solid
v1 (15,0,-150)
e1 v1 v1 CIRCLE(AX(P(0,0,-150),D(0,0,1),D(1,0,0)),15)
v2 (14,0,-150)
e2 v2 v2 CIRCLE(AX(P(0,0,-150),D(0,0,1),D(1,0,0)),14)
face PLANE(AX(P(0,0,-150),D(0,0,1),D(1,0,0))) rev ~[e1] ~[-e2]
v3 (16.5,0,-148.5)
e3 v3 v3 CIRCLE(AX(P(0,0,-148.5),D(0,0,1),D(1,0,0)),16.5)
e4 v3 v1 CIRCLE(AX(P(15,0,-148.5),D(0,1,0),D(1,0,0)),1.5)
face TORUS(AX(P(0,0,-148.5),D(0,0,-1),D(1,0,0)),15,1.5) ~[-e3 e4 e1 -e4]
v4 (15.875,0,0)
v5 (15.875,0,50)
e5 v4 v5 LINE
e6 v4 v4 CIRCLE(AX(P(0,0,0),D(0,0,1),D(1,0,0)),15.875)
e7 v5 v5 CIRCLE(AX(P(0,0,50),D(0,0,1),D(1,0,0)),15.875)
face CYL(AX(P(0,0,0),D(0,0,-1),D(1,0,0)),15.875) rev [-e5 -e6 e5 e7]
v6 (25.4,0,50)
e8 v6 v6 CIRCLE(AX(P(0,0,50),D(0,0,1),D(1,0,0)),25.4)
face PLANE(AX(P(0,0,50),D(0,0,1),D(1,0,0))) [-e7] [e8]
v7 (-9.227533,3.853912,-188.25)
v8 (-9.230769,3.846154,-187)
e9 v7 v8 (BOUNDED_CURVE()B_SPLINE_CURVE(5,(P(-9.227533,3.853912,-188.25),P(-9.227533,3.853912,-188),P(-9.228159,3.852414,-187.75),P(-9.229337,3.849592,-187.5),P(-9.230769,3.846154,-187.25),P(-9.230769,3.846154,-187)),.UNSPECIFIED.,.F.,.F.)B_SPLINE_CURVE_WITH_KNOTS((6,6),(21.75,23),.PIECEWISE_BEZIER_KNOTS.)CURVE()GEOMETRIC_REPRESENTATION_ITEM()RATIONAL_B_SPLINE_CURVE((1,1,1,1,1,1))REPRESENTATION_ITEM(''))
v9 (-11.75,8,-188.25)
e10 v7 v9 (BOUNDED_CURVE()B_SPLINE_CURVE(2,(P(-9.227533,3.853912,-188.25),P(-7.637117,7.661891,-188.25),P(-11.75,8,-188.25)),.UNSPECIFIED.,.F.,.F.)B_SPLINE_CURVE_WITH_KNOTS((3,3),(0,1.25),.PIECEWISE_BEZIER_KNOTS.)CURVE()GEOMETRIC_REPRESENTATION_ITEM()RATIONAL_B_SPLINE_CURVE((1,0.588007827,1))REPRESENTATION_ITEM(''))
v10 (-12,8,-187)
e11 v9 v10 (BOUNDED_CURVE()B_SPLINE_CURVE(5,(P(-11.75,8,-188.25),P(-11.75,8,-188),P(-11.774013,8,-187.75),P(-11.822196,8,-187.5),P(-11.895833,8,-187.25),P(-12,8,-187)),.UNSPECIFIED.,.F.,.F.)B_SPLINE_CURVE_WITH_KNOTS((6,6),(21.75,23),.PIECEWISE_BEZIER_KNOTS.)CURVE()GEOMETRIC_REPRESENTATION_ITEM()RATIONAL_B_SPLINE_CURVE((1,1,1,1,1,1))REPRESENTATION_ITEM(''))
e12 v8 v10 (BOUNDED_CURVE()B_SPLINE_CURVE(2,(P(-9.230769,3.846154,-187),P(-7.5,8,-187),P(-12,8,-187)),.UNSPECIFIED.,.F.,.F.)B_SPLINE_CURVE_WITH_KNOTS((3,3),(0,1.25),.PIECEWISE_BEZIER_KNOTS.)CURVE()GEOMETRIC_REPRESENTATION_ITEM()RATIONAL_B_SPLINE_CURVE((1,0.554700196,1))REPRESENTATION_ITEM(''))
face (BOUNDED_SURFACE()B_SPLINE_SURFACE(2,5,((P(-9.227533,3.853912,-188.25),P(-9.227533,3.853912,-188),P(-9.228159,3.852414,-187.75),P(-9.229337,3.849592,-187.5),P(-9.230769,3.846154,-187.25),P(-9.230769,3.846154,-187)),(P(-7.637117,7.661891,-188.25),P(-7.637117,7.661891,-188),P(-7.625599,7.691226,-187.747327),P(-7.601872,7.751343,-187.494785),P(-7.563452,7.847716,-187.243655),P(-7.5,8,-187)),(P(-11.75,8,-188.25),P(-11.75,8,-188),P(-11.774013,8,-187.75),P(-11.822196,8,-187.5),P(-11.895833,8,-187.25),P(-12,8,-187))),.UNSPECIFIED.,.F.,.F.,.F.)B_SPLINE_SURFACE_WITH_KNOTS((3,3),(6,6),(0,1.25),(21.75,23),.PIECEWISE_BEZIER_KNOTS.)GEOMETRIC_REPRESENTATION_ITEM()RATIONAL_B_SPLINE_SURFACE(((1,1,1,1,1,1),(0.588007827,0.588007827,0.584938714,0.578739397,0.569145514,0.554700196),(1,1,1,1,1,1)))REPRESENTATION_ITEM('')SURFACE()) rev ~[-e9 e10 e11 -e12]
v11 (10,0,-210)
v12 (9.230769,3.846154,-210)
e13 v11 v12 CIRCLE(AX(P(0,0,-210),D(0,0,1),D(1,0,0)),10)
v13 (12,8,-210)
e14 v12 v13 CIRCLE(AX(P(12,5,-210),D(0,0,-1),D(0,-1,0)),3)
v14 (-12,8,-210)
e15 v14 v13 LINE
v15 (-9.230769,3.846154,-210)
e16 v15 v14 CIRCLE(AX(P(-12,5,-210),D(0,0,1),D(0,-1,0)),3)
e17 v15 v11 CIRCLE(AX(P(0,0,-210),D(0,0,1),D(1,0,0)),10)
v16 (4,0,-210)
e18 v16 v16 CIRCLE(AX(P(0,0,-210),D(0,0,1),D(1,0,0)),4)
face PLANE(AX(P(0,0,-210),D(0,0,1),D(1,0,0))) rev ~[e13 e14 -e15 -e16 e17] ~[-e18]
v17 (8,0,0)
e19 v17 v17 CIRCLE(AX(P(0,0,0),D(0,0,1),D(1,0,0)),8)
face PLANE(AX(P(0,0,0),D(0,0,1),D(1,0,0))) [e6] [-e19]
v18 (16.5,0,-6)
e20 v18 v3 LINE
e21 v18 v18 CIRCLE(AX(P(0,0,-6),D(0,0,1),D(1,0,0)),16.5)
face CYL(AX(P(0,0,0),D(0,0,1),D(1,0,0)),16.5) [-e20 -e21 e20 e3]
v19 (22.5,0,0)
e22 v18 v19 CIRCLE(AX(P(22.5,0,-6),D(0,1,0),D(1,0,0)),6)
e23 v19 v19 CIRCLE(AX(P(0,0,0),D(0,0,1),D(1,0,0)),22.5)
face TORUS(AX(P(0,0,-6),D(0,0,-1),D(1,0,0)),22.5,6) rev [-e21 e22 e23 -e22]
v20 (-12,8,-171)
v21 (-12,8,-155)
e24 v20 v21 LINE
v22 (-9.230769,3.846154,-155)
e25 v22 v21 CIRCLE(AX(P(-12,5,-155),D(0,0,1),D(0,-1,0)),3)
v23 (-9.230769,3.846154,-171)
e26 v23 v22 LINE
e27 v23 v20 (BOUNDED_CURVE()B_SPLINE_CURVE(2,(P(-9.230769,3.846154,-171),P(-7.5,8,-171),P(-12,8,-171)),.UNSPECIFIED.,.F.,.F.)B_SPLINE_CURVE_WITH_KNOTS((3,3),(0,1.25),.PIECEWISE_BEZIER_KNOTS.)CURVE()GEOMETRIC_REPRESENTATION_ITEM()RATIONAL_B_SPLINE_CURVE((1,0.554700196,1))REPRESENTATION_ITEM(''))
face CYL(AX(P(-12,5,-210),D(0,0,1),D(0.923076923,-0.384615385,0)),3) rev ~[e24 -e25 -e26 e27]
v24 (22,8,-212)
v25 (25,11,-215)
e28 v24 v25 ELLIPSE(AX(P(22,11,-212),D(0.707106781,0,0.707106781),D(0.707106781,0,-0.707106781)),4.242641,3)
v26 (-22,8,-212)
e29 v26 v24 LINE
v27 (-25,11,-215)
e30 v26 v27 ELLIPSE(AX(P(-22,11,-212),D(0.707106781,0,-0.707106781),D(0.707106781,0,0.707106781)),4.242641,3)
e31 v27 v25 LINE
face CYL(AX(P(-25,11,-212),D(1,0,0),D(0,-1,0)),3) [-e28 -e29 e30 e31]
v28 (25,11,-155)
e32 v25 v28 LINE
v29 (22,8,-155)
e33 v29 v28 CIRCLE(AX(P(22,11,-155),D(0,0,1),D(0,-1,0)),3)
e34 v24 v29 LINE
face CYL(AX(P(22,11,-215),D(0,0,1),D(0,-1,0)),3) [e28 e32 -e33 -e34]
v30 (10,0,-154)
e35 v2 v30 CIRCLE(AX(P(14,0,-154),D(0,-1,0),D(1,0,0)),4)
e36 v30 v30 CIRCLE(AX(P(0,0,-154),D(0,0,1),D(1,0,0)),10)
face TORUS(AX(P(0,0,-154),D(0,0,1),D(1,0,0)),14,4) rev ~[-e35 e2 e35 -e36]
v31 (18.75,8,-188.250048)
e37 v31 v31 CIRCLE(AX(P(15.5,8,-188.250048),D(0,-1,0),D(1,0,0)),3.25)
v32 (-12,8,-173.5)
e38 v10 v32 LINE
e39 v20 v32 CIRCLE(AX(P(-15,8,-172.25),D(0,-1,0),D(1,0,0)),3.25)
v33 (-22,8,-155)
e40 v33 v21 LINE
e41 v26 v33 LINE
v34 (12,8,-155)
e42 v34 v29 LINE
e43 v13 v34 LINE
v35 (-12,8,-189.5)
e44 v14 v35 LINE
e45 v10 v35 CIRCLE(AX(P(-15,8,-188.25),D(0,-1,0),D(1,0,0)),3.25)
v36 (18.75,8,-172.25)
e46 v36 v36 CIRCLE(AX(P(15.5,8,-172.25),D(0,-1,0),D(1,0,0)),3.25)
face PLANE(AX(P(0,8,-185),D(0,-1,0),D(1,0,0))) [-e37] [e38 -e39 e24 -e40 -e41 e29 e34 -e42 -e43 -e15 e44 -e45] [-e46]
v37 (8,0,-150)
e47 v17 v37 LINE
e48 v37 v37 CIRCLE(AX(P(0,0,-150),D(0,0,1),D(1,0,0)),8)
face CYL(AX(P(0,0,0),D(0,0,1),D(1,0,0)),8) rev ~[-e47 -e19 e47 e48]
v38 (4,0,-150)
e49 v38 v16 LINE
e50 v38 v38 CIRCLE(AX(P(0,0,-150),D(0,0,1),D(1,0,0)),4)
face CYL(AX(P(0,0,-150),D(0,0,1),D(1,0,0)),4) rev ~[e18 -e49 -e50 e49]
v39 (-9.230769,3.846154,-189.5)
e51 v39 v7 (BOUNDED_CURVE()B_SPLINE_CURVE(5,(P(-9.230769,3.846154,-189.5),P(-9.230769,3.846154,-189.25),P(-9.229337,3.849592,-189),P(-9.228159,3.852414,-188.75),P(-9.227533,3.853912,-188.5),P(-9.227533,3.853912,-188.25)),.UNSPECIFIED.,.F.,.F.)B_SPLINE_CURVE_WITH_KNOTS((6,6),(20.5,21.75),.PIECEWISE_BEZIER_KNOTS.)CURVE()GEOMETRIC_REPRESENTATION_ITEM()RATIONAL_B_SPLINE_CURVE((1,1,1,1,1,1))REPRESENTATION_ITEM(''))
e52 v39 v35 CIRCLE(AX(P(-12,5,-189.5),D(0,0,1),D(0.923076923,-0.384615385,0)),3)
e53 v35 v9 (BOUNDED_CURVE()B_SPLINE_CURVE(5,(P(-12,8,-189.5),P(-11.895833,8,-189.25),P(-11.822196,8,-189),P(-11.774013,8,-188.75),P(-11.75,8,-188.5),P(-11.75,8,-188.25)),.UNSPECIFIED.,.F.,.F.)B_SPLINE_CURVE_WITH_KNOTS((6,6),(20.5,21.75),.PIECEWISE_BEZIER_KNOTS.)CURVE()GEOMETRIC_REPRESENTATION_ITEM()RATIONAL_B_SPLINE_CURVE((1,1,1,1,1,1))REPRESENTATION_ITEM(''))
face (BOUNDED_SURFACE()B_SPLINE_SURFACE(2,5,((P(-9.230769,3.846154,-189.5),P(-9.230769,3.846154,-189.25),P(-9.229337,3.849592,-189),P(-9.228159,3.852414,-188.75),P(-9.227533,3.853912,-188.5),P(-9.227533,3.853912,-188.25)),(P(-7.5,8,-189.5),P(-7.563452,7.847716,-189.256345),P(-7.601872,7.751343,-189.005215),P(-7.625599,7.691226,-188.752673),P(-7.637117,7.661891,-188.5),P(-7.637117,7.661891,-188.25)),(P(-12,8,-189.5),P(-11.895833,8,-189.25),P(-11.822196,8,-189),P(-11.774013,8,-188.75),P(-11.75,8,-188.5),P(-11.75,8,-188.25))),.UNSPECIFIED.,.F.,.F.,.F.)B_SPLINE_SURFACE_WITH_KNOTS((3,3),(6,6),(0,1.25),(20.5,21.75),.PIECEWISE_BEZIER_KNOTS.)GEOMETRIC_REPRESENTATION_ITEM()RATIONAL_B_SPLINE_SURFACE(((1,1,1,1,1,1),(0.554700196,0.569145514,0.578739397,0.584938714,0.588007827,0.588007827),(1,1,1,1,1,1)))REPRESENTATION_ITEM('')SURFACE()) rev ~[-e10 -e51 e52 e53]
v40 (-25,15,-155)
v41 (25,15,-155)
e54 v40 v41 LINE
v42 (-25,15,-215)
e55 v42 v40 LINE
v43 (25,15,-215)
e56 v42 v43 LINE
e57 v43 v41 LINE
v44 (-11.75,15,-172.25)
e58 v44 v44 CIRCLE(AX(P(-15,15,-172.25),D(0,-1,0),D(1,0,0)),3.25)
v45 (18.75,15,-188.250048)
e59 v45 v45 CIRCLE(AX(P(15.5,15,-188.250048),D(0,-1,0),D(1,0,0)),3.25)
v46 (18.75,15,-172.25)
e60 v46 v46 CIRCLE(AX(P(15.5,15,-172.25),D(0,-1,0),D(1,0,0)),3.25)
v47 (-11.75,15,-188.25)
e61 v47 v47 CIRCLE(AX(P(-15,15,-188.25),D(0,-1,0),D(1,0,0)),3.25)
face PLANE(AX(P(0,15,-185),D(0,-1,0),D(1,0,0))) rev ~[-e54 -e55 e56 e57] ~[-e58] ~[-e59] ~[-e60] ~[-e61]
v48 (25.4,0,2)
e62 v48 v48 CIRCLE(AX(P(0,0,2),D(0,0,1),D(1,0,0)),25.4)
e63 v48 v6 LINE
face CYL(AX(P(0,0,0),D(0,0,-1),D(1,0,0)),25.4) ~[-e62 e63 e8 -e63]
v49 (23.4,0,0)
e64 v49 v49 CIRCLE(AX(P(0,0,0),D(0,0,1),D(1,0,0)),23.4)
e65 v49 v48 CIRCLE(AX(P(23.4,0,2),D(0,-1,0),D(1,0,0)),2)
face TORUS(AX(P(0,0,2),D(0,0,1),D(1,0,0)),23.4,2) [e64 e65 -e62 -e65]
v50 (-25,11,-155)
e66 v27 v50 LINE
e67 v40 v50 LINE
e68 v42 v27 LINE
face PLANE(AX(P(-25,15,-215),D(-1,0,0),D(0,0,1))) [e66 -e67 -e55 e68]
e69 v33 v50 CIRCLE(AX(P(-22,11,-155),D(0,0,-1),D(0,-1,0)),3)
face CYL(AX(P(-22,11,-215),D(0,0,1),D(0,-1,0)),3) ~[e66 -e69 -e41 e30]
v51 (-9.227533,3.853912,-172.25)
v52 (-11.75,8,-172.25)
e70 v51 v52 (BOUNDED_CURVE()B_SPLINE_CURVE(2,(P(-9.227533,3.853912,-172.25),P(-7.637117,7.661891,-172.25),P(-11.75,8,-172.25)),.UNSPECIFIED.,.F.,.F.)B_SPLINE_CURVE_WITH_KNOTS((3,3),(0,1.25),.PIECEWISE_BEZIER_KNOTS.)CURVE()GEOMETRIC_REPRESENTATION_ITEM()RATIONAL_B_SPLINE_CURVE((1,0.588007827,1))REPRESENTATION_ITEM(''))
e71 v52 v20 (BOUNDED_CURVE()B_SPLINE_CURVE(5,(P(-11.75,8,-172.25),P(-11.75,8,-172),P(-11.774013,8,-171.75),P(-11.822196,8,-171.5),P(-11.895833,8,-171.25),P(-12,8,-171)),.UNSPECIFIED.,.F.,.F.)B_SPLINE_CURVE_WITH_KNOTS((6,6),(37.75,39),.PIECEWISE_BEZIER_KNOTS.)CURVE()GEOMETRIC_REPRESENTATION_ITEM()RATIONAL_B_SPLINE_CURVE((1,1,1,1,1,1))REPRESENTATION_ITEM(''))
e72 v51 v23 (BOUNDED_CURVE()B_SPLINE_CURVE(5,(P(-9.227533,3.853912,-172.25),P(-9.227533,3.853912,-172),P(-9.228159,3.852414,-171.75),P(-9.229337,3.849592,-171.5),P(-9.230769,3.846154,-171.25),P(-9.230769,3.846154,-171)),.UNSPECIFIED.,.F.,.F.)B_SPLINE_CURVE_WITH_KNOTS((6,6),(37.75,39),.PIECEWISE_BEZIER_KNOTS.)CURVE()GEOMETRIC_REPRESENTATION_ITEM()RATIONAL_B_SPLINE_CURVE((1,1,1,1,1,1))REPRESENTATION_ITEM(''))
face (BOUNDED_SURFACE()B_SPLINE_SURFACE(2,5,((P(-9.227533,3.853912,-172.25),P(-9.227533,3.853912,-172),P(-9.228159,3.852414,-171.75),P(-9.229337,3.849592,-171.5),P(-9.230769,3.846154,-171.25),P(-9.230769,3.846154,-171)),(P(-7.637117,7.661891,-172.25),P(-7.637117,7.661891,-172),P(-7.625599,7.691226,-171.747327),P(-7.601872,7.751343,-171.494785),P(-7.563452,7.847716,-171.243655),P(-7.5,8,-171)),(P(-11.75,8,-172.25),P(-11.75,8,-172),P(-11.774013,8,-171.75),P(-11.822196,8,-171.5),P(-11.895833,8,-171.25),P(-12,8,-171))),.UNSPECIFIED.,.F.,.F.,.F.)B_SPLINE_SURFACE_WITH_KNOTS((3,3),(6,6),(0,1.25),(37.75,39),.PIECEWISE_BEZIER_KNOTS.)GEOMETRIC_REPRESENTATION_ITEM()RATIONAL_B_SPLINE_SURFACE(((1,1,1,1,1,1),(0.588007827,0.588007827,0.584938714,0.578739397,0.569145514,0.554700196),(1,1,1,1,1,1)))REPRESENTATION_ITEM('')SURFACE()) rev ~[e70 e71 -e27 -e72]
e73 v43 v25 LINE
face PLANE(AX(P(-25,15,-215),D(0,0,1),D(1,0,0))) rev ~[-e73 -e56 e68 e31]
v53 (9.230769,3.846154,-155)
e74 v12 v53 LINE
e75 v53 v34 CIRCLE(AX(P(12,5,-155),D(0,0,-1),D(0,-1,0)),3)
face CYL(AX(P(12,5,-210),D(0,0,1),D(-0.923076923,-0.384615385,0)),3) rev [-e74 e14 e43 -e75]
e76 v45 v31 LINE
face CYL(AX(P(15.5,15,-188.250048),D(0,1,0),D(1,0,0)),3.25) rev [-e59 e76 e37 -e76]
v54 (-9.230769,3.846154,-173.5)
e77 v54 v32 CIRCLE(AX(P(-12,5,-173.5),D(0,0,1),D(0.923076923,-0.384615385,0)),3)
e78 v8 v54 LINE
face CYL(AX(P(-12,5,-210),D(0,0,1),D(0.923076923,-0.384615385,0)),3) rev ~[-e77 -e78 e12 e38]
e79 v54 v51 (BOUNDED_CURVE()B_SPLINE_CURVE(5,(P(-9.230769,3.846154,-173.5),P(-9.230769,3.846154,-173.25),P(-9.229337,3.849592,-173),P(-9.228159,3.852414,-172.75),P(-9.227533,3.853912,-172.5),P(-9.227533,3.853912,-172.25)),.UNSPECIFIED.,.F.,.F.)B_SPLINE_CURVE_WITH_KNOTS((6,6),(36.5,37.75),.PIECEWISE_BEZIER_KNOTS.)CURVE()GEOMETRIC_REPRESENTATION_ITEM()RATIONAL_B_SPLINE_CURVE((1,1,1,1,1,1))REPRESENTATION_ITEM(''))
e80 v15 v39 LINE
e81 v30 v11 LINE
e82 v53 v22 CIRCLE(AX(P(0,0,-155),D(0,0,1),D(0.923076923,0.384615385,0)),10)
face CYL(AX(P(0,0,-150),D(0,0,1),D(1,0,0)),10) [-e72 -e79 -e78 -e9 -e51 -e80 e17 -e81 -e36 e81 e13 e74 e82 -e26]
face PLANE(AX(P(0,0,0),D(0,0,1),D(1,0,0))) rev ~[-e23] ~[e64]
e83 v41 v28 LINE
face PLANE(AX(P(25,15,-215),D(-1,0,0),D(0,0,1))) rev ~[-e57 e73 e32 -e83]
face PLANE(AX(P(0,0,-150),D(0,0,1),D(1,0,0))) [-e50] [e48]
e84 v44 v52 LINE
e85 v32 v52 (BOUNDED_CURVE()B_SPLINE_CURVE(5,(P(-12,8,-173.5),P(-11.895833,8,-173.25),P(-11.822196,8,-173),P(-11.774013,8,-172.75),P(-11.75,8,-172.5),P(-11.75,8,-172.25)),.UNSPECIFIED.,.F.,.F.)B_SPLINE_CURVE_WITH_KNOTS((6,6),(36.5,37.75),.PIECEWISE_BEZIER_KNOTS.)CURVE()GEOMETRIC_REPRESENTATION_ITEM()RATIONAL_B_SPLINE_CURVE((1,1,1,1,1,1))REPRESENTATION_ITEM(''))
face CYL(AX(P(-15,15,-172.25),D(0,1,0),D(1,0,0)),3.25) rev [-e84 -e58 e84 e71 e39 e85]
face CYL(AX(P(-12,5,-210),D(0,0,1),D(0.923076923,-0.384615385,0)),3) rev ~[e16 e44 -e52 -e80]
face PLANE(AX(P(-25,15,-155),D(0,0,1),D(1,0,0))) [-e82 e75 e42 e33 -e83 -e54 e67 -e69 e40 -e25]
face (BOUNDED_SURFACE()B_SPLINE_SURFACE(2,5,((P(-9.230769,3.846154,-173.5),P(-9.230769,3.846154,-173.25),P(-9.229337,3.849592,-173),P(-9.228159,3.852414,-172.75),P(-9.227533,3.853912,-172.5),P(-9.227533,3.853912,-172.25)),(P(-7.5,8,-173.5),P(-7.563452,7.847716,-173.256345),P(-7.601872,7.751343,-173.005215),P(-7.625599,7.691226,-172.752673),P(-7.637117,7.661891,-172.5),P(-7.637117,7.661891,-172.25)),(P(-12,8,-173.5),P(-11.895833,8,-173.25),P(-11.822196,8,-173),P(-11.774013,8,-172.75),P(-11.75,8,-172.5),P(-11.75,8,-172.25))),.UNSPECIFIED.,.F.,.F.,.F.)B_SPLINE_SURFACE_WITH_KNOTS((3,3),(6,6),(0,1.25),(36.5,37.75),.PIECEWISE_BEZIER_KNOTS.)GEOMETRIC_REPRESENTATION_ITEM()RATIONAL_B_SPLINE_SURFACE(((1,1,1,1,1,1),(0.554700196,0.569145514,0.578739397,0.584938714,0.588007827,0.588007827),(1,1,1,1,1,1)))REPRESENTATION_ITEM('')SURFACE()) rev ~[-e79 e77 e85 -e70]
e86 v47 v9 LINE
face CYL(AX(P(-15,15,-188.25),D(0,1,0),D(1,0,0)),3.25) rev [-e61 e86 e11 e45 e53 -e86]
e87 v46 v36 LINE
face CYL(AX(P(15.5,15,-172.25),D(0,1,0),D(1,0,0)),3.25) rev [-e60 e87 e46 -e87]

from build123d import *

# Parameters (mm, degrees)
SKETCH001_R      = 16.5
SKETCH001_R_2    = 8
EXTRUDE001_DEPTH = 150
SKETCH002_R      = 10
SKETCH002_R_2    = 4
EXTRUDE002_DEPTH = 60
SKETCH003_W      = 50
SKETCH003_H      = 60
SKETCH003_R      = 3.25
EXTRUDE003_DEPTH = 7
SKETCH_R         = 25.4
SKETCH_R_2       = 15.875
EXTRUDE_DEPTH    = 50
FILLET_1_R       = 6
FILLET_2_R       = 4
FILLET_3_R       = 3
FILLET_4_R       = 2
FILLET_5_R       = 1.5


with BuildPart() as midpipe:
    # Sketch001 → Extrude001 (new body)
    with BuildSketch(Plane.XY):
        Circle(SKETCH001_R)
        Circle(SKETCH001_R_2, mode=Mode.SUBTRACT)
    extrude(amount=-EXTRUDE001_DEPTH)


with BuildPart() as basepipe:
    # Sketch002 → Extrude002 (new body)
    with BuildSketch(Plane.XY.offset(-150)):
        Circle(SKETCH002_R)
        Circle(SKETCH002_R_2, mode=Mode.SUBTRACT)
    extrude(amount=-EXTRUDE002_DEPTH)


with BuildPart() as flatmount:
    # Sketch003 → Extrude003 (new body)
    with BuildSketch(Plane(origin=(0, 15, -185), x_dir=(1, 0, 0), z_dir=(0, -1, 0))):
        Rectangle(SKETCH003_W, SKETCH003_H)
        with Locations((-15, 12.75)):
            Circle(SKETCH003_R, mode=Mode.SUBTRACT)
        with Locations((-15, -3.25)):
            Circle(SKETCH003_R, mode=Mode.SUBTRACT)
        with Locations((15.5, 12.75)):
            Circle(SKETCH003_R, mode=Mode.SUBTRACT)
        with Locations((15.5, -3.250048)):
            Circle(SKETCH003_R, mode=Mode.SUBTRACT)
    extrude(amount=EXTRUDE003_DEPTH)


with BuildPart() as mountfillet:
    # Sketch → Extrude (new body)
    with BuildSketch(Plane.XY):
        Circle(SKETCH_R)
        Circle(SKETCH_R_2, mode=Mode.SUBTRACT)
    extrude(amount=EXTRUDE_DEPTH)

    # Fusion: union midPipe, basePipe, flatMount
    add(midpipe.part)
    add(basepipe.part)
    add(flatmount.part)

    # Fillet 1
    fillet_1_edges = [mountfillet.edges().sort_by_distance(p)[0] for p in [
        (-16.5, 0, 0),
    ]]
    fillet(fillet_1_edges, radius=FILLET_1_R)

    # Fillet 2
    fillet_2_edges = [mountfillet.edges().sort_by_distance(p)[0] for p in [
        (-10, 0, -150),
    ]]
    fillet(fillet_2_edges, radius=FILLET_2_R)

    # Fillet 3
    fillet_3_edges = [mountfillet.edges().sort_by_distance(p)[0] for p in [
        (6, 8, -182.5),
        (-6, 8, -182.5),
        (-25, 8, -185),
        (0, 8, -215),
        (25, 8, -185),
    ]]
    fillet(fillet_3_edges, radius=FILLET_3_R)

    # Fillet 4
    fillet_4_edges = [mountfillet.edges().sort_by_distance(p)[0] for p in [
        (-25.4, 0, 0),
    ]]
    fillet(fillet_4_edges, radius=FILLET_4_R)

    # Fillet 5
    fillet_5_edges = [mountfillet.edges().sort_by_distance(p)[0] for p in [
        (-16.5, 0, -150),
    ]]
    fillet(fillet_5_edges, radius=FILLET_5_R)


solid = mountfillet.part
